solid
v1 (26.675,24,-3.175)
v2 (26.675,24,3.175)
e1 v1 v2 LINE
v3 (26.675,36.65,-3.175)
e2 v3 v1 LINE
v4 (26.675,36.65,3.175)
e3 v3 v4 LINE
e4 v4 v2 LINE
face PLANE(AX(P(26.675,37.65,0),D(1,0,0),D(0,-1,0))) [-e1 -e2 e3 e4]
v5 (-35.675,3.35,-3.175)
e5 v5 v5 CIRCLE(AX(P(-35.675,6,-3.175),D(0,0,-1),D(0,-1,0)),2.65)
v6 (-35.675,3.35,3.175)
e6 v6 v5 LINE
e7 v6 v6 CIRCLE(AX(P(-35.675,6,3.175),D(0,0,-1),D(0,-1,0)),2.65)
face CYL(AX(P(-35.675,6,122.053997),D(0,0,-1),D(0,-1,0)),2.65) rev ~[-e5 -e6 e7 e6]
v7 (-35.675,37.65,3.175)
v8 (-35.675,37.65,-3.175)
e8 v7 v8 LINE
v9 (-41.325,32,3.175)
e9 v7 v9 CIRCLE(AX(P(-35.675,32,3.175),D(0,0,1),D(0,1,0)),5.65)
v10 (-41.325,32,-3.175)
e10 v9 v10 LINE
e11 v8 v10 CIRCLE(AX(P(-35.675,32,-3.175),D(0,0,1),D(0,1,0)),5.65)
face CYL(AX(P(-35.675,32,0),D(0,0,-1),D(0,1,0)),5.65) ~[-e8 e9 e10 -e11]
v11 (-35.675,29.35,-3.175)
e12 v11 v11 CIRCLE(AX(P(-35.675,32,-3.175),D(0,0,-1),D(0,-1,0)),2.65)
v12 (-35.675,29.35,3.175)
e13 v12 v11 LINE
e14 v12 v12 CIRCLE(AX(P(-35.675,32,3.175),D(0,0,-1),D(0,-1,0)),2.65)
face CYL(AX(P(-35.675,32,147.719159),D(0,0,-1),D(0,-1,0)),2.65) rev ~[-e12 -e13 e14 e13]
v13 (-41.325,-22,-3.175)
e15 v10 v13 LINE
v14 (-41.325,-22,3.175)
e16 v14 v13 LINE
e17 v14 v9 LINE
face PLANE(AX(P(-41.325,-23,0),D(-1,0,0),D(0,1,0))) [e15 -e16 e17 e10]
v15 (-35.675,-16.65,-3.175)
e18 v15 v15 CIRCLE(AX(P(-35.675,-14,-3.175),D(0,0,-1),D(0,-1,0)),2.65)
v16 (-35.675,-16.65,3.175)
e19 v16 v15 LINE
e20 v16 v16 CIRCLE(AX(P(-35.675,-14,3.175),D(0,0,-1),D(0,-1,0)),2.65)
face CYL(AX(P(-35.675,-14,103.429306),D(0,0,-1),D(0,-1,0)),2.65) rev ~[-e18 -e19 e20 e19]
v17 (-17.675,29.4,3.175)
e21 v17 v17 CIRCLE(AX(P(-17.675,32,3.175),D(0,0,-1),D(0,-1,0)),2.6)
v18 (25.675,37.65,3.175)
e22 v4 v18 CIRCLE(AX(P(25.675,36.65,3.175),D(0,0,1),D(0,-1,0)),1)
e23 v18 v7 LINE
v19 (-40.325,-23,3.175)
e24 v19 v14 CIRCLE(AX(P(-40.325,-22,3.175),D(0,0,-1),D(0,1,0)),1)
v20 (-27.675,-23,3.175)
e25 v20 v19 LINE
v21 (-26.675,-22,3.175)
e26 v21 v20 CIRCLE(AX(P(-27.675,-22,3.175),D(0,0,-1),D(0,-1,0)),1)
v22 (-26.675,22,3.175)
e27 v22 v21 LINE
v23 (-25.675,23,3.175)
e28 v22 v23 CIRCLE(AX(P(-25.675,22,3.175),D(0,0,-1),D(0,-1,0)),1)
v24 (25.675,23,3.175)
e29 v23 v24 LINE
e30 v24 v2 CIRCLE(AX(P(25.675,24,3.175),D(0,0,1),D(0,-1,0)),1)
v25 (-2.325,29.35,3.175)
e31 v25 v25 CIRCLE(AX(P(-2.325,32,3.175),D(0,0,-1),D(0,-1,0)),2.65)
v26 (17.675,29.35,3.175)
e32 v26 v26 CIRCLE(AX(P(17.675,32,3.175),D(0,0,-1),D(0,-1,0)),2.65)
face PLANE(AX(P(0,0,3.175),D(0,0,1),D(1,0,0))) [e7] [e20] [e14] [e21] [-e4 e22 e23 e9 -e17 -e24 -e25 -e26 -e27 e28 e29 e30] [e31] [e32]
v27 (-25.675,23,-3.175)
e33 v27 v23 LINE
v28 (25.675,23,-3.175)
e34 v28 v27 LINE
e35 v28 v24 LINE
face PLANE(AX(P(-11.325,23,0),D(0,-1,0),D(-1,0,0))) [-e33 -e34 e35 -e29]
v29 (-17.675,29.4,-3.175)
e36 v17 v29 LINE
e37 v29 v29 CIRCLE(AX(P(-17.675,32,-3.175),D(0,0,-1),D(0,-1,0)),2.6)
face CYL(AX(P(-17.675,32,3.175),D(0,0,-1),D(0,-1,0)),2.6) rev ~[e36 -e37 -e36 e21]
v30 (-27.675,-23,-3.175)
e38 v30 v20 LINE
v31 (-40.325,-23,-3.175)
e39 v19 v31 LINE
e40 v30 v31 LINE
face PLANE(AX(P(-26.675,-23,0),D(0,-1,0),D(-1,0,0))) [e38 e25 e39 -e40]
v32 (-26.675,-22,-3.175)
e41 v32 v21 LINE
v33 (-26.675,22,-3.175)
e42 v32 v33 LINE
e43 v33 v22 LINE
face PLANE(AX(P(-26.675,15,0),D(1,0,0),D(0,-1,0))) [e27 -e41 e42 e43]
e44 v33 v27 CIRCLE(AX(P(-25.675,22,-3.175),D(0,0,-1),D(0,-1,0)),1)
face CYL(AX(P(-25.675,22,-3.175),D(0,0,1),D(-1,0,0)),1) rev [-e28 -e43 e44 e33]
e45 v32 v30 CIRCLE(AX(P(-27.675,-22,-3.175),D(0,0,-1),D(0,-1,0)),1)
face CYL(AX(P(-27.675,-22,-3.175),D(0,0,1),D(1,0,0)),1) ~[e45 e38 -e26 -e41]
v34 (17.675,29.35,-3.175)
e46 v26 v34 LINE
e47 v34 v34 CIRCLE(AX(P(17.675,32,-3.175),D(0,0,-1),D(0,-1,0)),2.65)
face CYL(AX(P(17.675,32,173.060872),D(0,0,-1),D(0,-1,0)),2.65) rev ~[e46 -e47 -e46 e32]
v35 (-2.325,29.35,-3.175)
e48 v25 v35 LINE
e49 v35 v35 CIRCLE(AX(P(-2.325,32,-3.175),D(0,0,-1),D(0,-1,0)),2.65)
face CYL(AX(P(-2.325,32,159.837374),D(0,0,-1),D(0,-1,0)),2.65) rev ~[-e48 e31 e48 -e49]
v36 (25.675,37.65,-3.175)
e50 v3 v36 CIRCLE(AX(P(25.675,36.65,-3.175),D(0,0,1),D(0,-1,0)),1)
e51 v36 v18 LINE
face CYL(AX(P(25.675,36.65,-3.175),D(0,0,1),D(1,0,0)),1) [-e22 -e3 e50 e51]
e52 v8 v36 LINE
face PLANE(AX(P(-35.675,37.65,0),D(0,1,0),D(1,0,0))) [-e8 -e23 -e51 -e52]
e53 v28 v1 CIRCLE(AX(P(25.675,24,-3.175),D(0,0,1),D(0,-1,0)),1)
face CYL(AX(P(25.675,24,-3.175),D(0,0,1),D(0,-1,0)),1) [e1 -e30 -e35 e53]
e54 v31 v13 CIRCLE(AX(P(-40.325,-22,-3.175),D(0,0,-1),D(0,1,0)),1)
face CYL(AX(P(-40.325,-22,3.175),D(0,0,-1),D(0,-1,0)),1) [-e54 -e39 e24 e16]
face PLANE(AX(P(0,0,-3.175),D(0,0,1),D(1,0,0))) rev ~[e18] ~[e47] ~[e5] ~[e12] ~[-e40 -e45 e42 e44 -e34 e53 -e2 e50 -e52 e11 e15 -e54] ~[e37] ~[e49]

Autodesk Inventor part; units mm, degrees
ref_plane "YZ Plane" through (0, 0, 0) normal (1, 0, 0) x (0, 1, 0)
ref_plane "XZ Plane" through (0, 0, 0) normal (0, 1, 0) x (-1, 0, 0)
ref_plane "XY Plane" through (0, 0, 0) normal (0, 0, 1) x (1, 0, 0)
sketch "Sketch1" plane through (0, 0, 0) normal (0, 0, 1) x (1, 0, 0)
  line L0 (26.675, -23) -> (-26.675, -23) construction
  line L1 (-26.675, -23) -> (-26.675, 23) construction
  line L2 (-26.675, 23) -> (26.675, 23) construction
  line L3 (26.675, 23) -> (26.675, -23) construction
  line L4 (26.675, -23) -> (-26.675, 23) construction
  line L5 (-26.675, -23) -> (26.675, 23) construction
  line L6 (-26.675, -23) -> (-41.325, -23)
  line L7 (-41.325, -23) -> (-41.325, 15)
  line L8 (-41.325, 15) -> (-26.675, 15)
  line L9 (-26.675, 15) -> (-26.675, -23)
  line L10 (26.675, 23) -> (-11.325, 23)
  line L11 (-11.325, 23) -> (-11.325, 37.65)
  line L12 (-11.325, 37.65) -> (26.675, 37.65)
  line L13 (26.675, 37.65) -> (26.675, 23)
  line L14 (-35.675, -23) -> (-35.675, 32) construction
  line L15 (-35.675, 32) -> (26.675, 32) construction
  circle A0 centre (-35.675, 32) radius 5.65 construction
  line L16 (-26.675, 15) -> (-41.325, 15)
  line L17 (-41.325, 15) -> (-41.325, 37.65)
  line L18 (-35.675, 37.65) -> (-26.675, 37.65)
  line L19 (-26.675, 37.65) -> (-26.675, 15)
  line L20 (-11.325, 23) -> (-41.325, 23)
  line L21 (-41.325, 23) -> (-41.325, 32)
  line L22 (-41.325, 37.65) -> (-11.325, 37.65)
  line L23 (-11.325, 37.65) -> (-11.325, 23)
  arc A1 (-35.675, 37.65) -> (-41.325, 32) centre (-35.675, 32) ccw
  point P0 (0, 0)
  point P1 (0, 0)
  point P2 (-26.675, 23)
  point P3 (-41.325, 32)
  point P4 (-35.675, -14)
  point P5 (-35.675, 6)
  point P6 (17.675, 32)
  point P7 (-2.325, 32)
  dimension "d3" = 9
  dimension "d4" = 9
  dimension "d5" = 5.65
  dimension "d6" = 5.65
  dimension "d8" = 8
  dimension "d9" = 15.35
  dimension "d13" = 5.65
  dimension "d14" = 9
  dimension "d15" = 20
  dimension "d16" = 5.65
  dimension "d17" = 9
  dimension "d18" = 20
  dimension "d33" = 9
  dimension "d35" = 9
extrude "Extrusion1" add sketch "Sketch1" along normal mid plane 6.35 contours L6 L7 L8 L9 | L8 L17 L20 L19 | L20 L17 A1 L18 L19 | L19 L22 L11 L20 | L11 L12 L13 L10
sketch "Sketch2" plane through (0, 0, 3.175) normal (0, 0, 1) x (1, 0, 0)
  line L0 (-41.325, -23) -> (-26.675, -23) projected
  line L1 (-26.675, -23) -> (-26.675, 23) projected
  line L2 (-26.675, 23) -> (26.675, 23) projected
  line L3 (26.675, 23) -> (26.675, 37.65) projected
  line L4 (26.675, 37.65) -> (-35.675, 37.65) projected
  arc A0 (-35.675, 37.65) -> (-41.325, 32) centre (-35.675, 32) ccw construction
  line L5 (-41.325, 32) -> (-41.325, -23) projected
  line L6 (-25.675, 22) -> (-45.675, 22) construction
  line L7 (-45.675, 22) -> (-45.675, 42) construction
  line L8 (-45.675, 42) -> (-25.675, 42) construction
  line L9 (-25.675, 42) -> (-25.675, 22) construction
  line L10 (-25.675, 22) -> (-45.675, 42) construction
  line L11 (-45.675, 22) -> (-25.675, 42) construction
  point P0 (0, 0)
  dimension "d31" = 20
  dimension "d32" = 20
hole "Hole1" at (-35.675, 6, 0) at (-35.675, -14, 0) at (-2.325, 32, 0) at (17.675, 32, 0) at (-35.675, 32, 0) direction (0, 0, -1) diameter 5.3 end through all both
fillet "Fillet1" radius 1 1 edges at (-26.675, 23, 0)
fillet "Fillet2" radius 1 4 edges at (26.675, 23, 0) (26.675, 37.65, 0) (-26.675, -23, 0) (-41.325, -23, 0)
ref_plane "Work Plane1" through (-2.325, 32, 0) normal (0, 1, 0) x (0, 0, 1)
ref_plane "Work Plane2" through (-35.675, 6, 0) normal (1, 0, 0) x (0, 0, 1)
sketch "Sketch3" plane through (0, 0, 3.175) normal (0, 0, 1) x (1, 0, 0)
  arc A0 (-41.325, -22) -> (-40.325, -23) centre (-40.325, -22) ccw projected
  line L0 (-40.325, -23) -> (-27.675, -23) projected
  arc A1 (-27.675, -23) -> (-26.675, -22) centre (-27.675, -22) ccw projected
  line L1 (-26.675, -22) -> (-26.675, 22) projected
  arc A2 (-25.675, 23) -> (-26.675, 22) centre (-25.675, 22) ccw projected
  line L2 (-25.675, 23) -> (25.675, 23) projected
  arc A3 (25.675, 23) -> (26.675, 24) centre (25.675, 24) ccw projected
  line L3 (26.675, 24) -> (26.675, 36.65) projected
  arc A4 (26.675, 36.65) -> (25.675, 37.65) centre (25.675, 36.65) ccw projected
  line L4 (25.675, 37.65) -> (-35.675, 37.65) projected
  arc A5 (-35.675, 37.65) -> (-41.325, 32) centre (-35.675, 32) ccw projected
  line L5 (-41.325, 32) -> (-41.325, -22) projected
  circle A6 centre (-35.675, 32) radius 2.65 projected
  circle A7 centre (17.675, 32) radius 2.65 projected
  circle A8 centre (-2.325, 32) radius 2.65 projected
  circle A9 centre (-35.675, -14) radius 2.65 projected
  circle A10 centre (-35.675, 6) radius 2.65 projected
  point P0 (0, 0)
  point P1 (-17.675, 32)
  point P2 (-35.675, 20.5)
  dimension "d36" = 11.5
  dimension "d37" = 18
hole "Hole2" at (-17.675, 32, 3.175) direction (0, 0, -1) diameter 5.2 end through all
equation "\"d4\" = d3"
equation "\"d6\" = d5"
equation "\"d14\" = d33"
equation "\"d17\" = d35"
equation "\"d18\" = d15"
equation "\"d33\" = d3"
equation "\"d35\" = d4"
properties part number "Top Corner Extrusion Plate" material "Aluminum 6061"
